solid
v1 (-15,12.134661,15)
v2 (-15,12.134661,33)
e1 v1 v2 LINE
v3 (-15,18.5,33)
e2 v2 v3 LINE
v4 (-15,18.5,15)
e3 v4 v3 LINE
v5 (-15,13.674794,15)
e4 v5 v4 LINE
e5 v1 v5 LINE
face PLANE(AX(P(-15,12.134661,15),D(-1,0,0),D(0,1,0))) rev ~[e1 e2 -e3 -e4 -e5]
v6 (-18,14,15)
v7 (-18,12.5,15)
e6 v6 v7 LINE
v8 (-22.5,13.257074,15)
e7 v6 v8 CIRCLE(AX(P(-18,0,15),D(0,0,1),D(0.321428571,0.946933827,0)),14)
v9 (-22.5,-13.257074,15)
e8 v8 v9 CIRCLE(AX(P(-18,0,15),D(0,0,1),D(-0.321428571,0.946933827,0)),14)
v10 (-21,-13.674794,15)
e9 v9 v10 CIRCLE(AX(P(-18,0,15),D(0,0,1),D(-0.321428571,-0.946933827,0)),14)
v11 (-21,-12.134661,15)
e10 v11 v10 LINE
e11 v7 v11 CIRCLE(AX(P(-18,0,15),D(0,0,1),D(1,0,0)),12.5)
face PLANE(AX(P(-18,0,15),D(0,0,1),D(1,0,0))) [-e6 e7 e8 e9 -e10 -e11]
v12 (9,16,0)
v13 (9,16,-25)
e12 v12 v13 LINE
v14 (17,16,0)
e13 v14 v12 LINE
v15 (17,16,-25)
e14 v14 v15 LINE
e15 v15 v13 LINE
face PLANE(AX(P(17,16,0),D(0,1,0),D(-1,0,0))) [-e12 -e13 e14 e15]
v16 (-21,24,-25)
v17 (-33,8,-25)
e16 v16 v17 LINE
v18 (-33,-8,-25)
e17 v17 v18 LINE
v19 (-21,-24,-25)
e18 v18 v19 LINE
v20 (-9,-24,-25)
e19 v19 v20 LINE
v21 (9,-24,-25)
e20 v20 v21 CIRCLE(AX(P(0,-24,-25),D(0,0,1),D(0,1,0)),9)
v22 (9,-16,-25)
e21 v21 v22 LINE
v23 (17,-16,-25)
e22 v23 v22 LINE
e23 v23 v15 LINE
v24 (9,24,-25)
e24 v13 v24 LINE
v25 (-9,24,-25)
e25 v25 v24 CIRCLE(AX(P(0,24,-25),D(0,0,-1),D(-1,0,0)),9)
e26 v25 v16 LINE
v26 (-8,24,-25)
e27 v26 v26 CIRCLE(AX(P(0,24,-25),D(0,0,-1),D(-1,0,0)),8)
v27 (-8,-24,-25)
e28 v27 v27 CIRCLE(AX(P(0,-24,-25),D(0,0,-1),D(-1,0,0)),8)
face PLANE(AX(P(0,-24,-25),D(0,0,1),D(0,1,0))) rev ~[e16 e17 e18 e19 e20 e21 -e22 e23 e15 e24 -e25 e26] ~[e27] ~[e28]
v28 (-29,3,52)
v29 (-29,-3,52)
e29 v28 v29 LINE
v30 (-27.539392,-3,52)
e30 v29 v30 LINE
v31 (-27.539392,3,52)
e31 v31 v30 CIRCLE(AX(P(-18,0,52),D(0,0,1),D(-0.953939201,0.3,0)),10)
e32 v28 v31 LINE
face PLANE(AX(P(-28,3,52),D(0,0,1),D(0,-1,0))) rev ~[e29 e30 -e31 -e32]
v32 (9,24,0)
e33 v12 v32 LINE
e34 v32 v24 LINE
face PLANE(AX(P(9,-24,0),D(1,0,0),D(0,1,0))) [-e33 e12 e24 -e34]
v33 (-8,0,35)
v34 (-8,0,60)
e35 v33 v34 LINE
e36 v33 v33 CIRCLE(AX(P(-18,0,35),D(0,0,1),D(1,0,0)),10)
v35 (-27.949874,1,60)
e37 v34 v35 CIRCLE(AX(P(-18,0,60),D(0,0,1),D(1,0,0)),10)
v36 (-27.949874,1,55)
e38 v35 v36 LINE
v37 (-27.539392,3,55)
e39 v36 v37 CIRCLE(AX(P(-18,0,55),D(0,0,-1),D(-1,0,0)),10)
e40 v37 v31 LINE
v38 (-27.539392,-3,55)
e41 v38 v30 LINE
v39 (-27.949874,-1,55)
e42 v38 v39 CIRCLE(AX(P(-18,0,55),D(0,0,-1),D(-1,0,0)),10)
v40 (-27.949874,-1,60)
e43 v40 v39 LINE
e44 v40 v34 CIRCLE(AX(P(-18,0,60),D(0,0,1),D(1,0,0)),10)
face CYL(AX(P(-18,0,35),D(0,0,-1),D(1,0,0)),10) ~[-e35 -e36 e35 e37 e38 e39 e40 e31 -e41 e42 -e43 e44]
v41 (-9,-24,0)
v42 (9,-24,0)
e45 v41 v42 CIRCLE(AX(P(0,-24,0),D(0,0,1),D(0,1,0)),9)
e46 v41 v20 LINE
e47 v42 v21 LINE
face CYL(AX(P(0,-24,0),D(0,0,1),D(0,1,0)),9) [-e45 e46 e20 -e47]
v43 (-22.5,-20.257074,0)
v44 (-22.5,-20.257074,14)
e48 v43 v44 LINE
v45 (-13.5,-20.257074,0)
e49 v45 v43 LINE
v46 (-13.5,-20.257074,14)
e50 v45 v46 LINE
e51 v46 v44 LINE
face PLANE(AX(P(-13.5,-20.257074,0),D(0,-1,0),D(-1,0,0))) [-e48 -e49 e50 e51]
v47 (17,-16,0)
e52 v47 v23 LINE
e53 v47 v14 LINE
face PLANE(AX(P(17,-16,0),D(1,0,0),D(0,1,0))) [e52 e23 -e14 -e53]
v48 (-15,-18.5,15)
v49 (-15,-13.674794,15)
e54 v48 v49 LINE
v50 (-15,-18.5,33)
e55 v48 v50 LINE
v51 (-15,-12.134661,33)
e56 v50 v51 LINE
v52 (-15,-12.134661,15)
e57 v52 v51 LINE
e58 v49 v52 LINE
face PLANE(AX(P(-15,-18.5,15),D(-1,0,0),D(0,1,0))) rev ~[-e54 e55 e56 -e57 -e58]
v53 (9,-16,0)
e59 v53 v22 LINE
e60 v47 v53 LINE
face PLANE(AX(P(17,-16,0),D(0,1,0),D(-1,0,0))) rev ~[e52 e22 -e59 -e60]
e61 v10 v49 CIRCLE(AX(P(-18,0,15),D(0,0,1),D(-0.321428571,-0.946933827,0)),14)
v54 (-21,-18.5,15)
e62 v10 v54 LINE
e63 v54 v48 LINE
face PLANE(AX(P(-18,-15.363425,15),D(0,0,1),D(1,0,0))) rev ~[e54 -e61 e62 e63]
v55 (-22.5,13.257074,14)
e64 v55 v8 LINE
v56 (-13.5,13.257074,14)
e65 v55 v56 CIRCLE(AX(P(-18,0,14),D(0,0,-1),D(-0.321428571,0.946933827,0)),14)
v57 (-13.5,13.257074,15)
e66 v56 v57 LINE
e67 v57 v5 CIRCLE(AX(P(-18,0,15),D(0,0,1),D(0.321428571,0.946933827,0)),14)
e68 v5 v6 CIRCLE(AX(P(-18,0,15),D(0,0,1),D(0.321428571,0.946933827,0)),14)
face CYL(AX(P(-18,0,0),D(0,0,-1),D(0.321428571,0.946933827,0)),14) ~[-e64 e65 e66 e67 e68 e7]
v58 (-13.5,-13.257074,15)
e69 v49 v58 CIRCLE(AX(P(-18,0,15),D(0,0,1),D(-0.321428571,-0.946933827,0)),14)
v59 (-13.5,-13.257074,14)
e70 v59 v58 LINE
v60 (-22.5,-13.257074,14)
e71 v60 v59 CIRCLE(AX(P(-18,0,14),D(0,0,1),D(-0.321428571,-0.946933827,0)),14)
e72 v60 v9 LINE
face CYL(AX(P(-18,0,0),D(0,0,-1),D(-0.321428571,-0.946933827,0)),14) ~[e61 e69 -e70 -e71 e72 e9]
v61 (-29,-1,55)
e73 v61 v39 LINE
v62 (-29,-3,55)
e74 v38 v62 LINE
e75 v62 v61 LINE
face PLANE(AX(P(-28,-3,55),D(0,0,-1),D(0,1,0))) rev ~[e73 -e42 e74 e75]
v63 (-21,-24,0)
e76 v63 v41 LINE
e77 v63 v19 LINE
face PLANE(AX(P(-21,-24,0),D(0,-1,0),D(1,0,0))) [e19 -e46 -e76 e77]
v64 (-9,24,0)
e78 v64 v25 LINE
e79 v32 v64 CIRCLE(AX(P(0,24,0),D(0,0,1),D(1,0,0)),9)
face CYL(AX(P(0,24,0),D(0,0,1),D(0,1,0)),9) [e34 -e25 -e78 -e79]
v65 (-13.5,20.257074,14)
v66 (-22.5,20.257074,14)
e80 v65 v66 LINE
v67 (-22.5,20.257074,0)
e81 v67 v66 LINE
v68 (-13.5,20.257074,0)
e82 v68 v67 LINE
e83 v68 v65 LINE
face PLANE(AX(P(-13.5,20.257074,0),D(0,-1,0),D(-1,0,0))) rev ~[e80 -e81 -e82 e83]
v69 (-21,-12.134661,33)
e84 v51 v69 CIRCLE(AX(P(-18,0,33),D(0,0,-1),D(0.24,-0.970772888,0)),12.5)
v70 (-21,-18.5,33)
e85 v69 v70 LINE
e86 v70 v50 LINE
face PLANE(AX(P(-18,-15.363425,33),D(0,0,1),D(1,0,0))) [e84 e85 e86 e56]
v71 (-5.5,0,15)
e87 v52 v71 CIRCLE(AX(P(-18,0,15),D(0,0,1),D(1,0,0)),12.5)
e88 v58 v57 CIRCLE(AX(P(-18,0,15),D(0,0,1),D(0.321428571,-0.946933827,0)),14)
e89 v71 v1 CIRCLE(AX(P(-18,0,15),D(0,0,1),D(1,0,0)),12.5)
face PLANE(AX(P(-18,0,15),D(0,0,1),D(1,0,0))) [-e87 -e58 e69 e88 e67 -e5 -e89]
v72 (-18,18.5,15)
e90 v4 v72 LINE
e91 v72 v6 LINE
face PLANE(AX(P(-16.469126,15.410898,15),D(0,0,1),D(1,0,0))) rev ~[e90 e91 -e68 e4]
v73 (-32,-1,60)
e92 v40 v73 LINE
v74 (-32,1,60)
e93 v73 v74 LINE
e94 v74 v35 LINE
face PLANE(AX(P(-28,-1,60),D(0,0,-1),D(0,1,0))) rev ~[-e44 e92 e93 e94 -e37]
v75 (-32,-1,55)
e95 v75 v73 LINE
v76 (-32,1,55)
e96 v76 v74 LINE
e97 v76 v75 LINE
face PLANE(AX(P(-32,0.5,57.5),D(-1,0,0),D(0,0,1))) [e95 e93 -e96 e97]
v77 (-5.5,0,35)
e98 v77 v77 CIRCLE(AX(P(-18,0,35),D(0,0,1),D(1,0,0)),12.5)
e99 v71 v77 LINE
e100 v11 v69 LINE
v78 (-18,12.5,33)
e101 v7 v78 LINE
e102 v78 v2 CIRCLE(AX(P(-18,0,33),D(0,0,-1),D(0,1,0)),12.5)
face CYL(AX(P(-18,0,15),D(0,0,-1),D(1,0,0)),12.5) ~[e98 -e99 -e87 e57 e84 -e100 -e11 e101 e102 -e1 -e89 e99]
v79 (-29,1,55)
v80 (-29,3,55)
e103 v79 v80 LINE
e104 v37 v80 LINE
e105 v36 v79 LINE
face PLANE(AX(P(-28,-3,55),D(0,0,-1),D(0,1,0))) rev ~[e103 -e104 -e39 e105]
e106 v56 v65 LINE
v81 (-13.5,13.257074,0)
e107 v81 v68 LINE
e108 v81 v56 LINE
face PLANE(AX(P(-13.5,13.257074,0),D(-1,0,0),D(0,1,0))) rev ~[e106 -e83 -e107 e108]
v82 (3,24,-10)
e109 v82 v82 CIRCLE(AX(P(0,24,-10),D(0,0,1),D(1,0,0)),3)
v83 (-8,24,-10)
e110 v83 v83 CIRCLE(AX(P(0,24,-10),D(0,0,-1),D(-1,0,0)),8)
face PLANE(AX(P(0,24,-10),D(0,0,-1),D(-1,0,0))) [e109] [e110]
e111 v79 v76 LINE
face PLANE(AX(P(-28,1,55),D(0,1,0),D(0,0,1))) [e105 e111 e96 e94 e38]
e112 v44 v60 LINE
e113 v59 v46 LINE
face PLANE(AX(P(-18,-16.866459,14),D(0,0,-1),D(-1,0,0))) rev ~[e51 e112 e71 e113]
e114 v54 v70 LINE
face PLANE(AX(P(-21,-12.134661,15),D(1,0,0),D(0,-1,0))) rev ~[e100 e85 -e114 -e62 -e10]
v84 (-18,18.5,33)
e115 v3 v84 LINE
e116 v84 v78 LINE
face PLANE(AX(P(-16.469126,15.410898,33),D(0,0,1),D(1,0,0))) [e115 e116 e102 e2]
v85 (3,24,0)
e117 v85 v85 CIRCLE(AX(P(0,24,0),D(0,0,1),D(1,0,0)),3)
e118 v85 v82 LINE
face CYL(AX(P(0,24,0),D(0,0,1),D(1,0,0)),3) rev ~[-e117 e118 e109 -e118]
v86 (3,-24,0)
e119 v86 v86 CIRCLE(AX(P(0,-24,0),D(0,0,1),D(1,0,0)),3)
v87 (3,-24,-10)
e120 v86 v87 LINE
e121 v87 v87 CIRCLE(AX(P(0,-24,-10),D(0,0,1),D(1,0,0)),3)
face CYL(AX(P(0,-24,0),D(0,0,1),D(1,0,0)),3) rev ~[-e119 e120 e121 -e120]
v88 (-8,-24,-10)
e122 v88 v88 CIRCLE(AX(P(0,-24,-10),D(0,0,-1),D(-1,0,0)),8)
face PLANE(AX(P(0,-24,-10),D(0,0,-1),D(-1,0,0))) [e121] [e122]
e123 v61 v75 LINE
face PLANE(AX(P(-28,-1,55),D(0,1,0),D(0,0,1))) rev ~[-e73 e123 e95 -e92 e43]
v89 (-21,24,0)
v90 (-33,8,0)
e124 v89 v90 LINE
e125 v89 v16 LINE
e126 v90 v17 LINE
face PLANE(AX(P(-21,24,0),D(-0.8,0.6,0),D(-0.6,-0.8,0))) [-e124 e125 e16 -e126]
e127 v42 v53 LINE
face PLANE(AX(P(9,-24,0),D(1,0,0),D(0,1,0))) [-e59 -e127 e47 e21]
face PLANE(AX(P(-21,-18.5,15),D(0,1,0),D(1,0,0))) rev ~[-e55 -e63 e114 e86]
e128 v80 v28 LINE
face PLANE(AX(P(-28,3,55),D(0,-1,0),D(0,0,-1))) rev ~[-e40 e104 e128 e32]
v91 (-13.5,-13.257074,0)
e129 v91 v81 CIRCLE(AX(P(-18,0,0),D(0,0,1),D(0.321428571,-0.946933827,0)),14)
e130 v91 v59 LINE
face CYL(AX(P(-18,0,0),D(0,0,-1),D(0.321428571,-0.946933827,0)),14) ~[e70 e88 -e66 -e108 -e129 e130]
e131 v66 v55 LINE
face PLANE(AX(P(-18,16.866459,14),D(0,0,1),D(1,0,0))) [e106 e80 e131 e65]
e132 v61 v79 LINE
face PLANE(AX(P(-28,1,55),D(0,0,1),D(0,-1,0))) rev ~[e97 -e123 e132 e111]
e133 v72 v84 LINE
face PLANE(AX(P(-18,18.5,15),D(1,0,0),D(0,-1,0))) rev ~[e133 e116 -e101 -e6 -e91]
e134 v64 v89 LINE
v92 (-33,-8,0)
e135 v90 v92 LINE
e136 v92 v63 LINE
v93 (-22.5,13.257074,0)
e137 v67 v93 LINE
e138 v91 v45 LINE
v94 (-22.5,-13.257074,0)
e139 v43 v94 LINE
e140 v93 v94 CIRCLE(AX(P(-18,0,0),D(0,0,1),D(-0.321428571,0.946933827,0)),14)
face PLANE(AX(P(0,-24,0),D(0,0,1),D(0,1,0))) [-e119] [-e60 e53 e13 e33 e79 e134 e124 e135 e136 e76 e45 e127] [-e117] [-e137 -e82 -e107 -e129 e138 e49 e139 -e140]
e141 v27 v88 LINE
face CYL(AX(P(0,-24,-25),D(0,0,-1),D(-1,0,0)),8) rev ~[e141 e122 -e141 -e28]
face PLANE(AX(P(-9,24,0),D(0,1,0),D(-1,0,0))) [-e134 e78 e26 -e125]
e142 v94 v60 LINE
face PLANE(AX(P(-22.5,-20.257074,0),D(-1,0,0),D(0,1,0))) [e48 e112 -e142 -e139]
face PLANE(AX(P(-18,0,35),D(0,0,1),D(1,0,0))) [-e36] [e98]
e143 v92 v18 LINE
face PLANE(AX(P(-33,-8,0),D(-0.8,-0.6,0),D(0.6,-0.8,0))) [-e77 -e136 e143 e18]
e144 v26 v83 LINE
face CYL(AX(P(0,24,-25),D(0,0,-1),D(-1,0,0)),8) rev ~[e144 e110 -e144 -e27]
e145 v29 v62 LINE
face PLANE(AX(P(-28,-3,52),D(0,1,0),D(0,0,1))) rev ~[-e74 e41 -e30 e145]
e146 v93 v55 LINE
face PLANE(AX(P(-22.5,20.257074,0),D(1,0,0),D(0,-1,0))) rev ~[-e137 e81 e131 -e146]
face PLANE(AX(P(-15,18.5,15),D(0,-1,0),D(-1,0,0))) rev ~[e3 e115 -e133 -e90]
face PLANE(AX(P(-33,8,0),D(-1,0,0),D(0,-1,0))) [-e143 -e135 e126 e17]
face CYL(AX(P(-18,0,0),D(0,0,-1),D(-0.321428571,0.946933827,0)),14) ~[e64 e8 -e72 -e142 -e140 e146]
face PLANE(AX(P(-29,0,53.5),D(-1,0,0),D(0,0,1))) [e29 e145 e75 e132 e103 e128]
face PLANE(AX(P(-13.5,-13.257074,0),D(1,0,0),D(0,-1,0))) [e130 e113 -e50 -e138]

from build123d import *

# Parameters (mm, degrees)
SKETCH1_R                = 9
SKETCH1_R_2              = 3
SKETCH1_W                = 32
SKETCH1_H                = 8
BOSS_EXTRUDE1_DEPTH      = 25
BOSS_EXTRUDE2_DEPTH      = 15
BOSS_EXTRUDE3_DEPTH      = 14
SKETCH3_R                = 12.5
BOSS_EXTRUDE4_DEPTH      = 20
BOSS_EXTRUDE5_DEPTH      = 18
SKETCH5_R                = 10
BOSS_EXTRUDE6_DEPTH      = 25
BOSS_EXTRUDE7_REACH      = 103.681
BOSS_EXTRUDE7_END_RADIUS = 10
SKETCH7_W                = 5
SKETCH7_H                = 1
BOSS_EXTRUDE8_DEPTH      = 1
SKETCH7_4_W              = 5
SKETCH7_4_H              = 1
BOSS_EXTRUDE9_DEPTH      = 4
SKETCH10_R               = 8
CUT_EXTRUDE1_DEPTH       = 15


with BuildPart() as part:
    # Sketch1 → Boss-Extrude1 (new body)
    # profile 1 of 4: a face of its own
    with BuildSketch(Plane(origin=(0, 0, 0), x_dir=(0, 1, 0), z_dir=(0, 0, 1))):
        with Locations((-24, 0)):
            Circle(SKETCH1_R)
        with Locations(Location((-24, 0, 0), (0, 0, 270))):
            Circle(SKETCH1_R_2, mode=Mode.SUBTRACT)
    # profile 2 of 4: a face of its own
    with BuildSketch(Plane(origin=(0, 0, 0), x_dir=(0, 1, 0), z_dir=(0, 0, 1))):
        with BuildLine():
            ThreePointArc((-15, 0), (-17.636038969, -6.363961031), (-24, -9))
            Line((-24, -9), (-16, -9))
            Line((-16, -9), (16, -9))
            Line((16, -9), (24, -9))
            ThreePointArc((24, -9), (15, 0), (24, 9))
            Line((24, 9), (24, 21))
            Line((24, 21), (8, 33))
            Line((8, 33), (-8, 33))
            Line((-8, 33), (-24, 21))
            Line((-24, 21), (-24, 9))
            ThreePointArc((-24, 9), (-17.636038969, 6.363961031), (-15, 0))
        make_face()
    # profile 3 of 4: a face of its own
    with BuildSketch(Plane(origin=(0, 0, 0), x_dir=(0, 1, 0), z_dir=(0, 0, 1))):
        with Locations((24, 0)):
            Circle(SKETCH1_R)
        with Locations(Location((24, 0, 0), (0, 0, 270))):
            Circle(SKETCH1_R_2, mode=Mode.SUBTRACT)
    # profile 4 of 4: a face of its own
    with BuildSketch(Plane(origin=(0, 0, 0), x_dir=(0, 1, 0), z_dir=(0, 0, 1))):
        with Locations((0, -13)):
            Rectangle(SKETCH1_W, SKETCH1_H)
    extrude(amount=-BOSS_EXTRUDE1_DEPTH)

    # Sketch2 → Boss-Extrude2 (add)
    with BuildSketch(Plane.XY):
        with BuildLine():
            ThreePointArc((-22.5, -13.257073584), (-18, -14), (-13.5, -13.257073584))
            ThreePointArc((-13.5, -13.257073584), (-4, 0), (-13.5, 13.257073584))
            ThreePointArc((-13.5, 13.257073584), (-18, 14), (-22.5, 13.257073584))
            ThreePointArc((-22.5, 13.257073584), (-32, 0), (-22.5, -13.257073584))
        make_face()
    extrude(amount=BOSS_EXTRUDE2_DEPTH)

    # Sketch2<3> → Boss-Extrude3 (add)
    with BuildSketch(Plane.XY):
        with BuildLine():
            ThreePointArc((-22.5, -13.257073584), (-18, -14), (-13.5, -13.257073584))
            Line((-13.5, -13.257073584), (-13.5, -20.257073584))
            Line((-13.5, -20.257073584), (-22.5, -20.257073584))
            Line((-22.5, -20.257073584), (-22.5, -13.257073584))
        make_face()
        with BuildLine():
            Line((-22.5, 20.257073584), (-22.5, 13.257073584))
            ThreePointArc((-22.5, 13.257073584), (-18, 14), (-13.5, 13.257073584))
            Line((-13.5, 13.257073584), (-13.5, 20.257073584))
            Line((-13.5, 20.257073584), (-22.5, 20.257073584))
        make_face()
    extrude(amount=BOSS_EXTRUDE3_DEPTH)

    # Sketch3 → Boss-Extrude4 (add)
    with BuildSketch(Plane.XY.offset(15)):
        with Locations((-18, 0)):
            Circle(SKETCH3_R)
    extrude(amount=BOSS_EXTRUDE4_DEPTH)

    # Sketch3<3> → Boss-Extrude5 (add)
    with BuildSketch(Plane.XY.offset(15)):
        with BuildLine():
            Line((-18, 18.5), (-18, 12.5))
            ThreePointArc((-18, 12.5), (-16.488918226, 12.408329133), (-15, 12.1346611))
            Line((-15, 12.1346611), (-15, 18.5))
            Line((-15, 18.5), (-18, 18.5))
        make_face()
        with BuildLine():
            Line((-15, -18.5), (-15, -12.1346611))
            ThreePointArc((-15, -12.1346611), (-18, -12.5), (-21, -12.1346611))
            Line((-21, -12.1346611), (-21, -18.5))
            Line((-21, -18.5), (-15, -18.5))
        make_face()
    extrude(amount=BOSS_EXTRUDE5_DEPTH)

    # Sketch5 → Boss-Extrude6 (add)
    with BuildSketch(Plane.XY.offset(35)):
        with Locations((-18, 0)):
            Circle(SKETCH5_R)
    extrude(amount=BOSS_EXTRUDE6_DEPTH)

    # Boss-Extrude7: up to this cylinder (the profile starts outside it)
    boss_extrude7_end = Plane(origin=(-18, 0, 55.5), z_dir=(0, 0, -1)) * Cylinder(BOSS_EXTRUDE7_END_RADIUS, 232.362, mode=Mode.PRIVATE)
    # Sketch7 → Boss-Extrude7 (add, up to the surface)
    with BuildSketch(Plane(origin=(-28, 0, 60), x_dir=(0, 0, 1), z_dir=(-1, 0, 0)), mode=Mode.PRIVATE) as boss_extrude7_sk1:
        Polygon((-5, -1), (-5, 0), (-5, 1), (-5, 3), (-8, 3), (-8, -3), (-5, -3), align=None)
    boss_extrude7_tool1 = extrude(boss_extrude7_sk1.sketch, amount=-BOSS_EXTRUDE7_REACH, mode=Mode.PRIVATE) - boss_extrude7_end
    add(boss_extrude7_tool1.solids().sort_by_distance((-28, 0, 53.5))[0])
    add(boss_extrude7_tool1.solids().sort_by_distance((-28, 0, 53.5))[1])
    # Sketch7 → Boss-Extrude7 (add, up to the surface)
    with BuildSketch(Plane(origin=(-28, 0, 60), x_dir=(0, 0, 1), z_dir=(-1, 0, 0)), mode=Mode.PRIVATE) as boss_extrude7_sk2:
        with Locations((-2.5, 0.5)):
            Rectangle(SKETCH7_W, SKETCH7_H)
    boss_extrude7_tool2 = extrude(boss_extrude7_sk2.sketch, amount=-BOSS_EXTRUDE7_REACH, mode=Mode.PRIVATE) - boss_extrude7_end
    add(boss_extrude7_tool2.solids().sort_by_distance((-28, 0.5, 57.5))[0])
    # Sketch7 → Boss-Extrude7 (add, up to the surface)
    with BuildSketch(Plane(origin=(-28, 0, 60), x_dir=(0, 0, 1), z_dir=(-1, 0, 0)), mode=Mode.PRIVATE) as boss_extrude7_sk3:
        with Locations((-2.5, -0.5)):
            Rectangle(SKETCH7_W, SKETCH7_H)
    boss_extrude7_tool3 = extrude(boss_extrude7_sk3.sketch, amount=-BOSS_EXTRUDE7_REACH, mode=Mode.PRIVATE) - boss_extrude7_end
    add(boss_extrude7_tool3.solids().sort_by_distance((-28, -0.5, 57.5))[0])

    # Sketch7<2> → Boss-Extrude8 (add)
    with BuildSketch(Plane(origin=(-28, 0, 60), x_dir=(0, 0, 1), z_dir=(-1, 0, 0))):
        Polygon((-8, -3), (-5, -3), (-5, -1), (-5, 1), (-5, 3), (-8, 3), align=None)
    extrude(amount=BOSS_EXTRUDE8_DEPTH)

    # Sketch7<4> → Boss-Extrude9 (add)
    with BuildSketch(Plane(origin=(-28, 0, 60), x_dir=(0, 0, 1), z_dir=(-1, 0, 0))):
        with Locations((-2.5, 0.5)):
            Rectangle(SKETCH7_4_W, SKETCH7_4_H)
        with Locations((-2.5, -0.5)):
            Rectangle(SKETCH7_4_W, SKETCH7_4_H)
    extrude(amount=BOSS_EXTRUDE9_DEPTH)

    # Sketch10 → Cut-Extrude1 (cut)
    with BuildSketch(Plane(origin=(0, 0, -25), x_dir=(1, 0, 0), z_dir=(0, 0, -1))):
        with Locations(Location((0, 24, 0), (0, 0, 180))):
            Circle(SKETCH10_R)
        with Locations(Location((0, -24, 0), (0, 0, 180))):
            Circle(SKETCH10_R)
    extrude(amount=-CUT_EXTRUDE1_DEPTH, mode=Mode.SUBTRACT)


solid = part.part
